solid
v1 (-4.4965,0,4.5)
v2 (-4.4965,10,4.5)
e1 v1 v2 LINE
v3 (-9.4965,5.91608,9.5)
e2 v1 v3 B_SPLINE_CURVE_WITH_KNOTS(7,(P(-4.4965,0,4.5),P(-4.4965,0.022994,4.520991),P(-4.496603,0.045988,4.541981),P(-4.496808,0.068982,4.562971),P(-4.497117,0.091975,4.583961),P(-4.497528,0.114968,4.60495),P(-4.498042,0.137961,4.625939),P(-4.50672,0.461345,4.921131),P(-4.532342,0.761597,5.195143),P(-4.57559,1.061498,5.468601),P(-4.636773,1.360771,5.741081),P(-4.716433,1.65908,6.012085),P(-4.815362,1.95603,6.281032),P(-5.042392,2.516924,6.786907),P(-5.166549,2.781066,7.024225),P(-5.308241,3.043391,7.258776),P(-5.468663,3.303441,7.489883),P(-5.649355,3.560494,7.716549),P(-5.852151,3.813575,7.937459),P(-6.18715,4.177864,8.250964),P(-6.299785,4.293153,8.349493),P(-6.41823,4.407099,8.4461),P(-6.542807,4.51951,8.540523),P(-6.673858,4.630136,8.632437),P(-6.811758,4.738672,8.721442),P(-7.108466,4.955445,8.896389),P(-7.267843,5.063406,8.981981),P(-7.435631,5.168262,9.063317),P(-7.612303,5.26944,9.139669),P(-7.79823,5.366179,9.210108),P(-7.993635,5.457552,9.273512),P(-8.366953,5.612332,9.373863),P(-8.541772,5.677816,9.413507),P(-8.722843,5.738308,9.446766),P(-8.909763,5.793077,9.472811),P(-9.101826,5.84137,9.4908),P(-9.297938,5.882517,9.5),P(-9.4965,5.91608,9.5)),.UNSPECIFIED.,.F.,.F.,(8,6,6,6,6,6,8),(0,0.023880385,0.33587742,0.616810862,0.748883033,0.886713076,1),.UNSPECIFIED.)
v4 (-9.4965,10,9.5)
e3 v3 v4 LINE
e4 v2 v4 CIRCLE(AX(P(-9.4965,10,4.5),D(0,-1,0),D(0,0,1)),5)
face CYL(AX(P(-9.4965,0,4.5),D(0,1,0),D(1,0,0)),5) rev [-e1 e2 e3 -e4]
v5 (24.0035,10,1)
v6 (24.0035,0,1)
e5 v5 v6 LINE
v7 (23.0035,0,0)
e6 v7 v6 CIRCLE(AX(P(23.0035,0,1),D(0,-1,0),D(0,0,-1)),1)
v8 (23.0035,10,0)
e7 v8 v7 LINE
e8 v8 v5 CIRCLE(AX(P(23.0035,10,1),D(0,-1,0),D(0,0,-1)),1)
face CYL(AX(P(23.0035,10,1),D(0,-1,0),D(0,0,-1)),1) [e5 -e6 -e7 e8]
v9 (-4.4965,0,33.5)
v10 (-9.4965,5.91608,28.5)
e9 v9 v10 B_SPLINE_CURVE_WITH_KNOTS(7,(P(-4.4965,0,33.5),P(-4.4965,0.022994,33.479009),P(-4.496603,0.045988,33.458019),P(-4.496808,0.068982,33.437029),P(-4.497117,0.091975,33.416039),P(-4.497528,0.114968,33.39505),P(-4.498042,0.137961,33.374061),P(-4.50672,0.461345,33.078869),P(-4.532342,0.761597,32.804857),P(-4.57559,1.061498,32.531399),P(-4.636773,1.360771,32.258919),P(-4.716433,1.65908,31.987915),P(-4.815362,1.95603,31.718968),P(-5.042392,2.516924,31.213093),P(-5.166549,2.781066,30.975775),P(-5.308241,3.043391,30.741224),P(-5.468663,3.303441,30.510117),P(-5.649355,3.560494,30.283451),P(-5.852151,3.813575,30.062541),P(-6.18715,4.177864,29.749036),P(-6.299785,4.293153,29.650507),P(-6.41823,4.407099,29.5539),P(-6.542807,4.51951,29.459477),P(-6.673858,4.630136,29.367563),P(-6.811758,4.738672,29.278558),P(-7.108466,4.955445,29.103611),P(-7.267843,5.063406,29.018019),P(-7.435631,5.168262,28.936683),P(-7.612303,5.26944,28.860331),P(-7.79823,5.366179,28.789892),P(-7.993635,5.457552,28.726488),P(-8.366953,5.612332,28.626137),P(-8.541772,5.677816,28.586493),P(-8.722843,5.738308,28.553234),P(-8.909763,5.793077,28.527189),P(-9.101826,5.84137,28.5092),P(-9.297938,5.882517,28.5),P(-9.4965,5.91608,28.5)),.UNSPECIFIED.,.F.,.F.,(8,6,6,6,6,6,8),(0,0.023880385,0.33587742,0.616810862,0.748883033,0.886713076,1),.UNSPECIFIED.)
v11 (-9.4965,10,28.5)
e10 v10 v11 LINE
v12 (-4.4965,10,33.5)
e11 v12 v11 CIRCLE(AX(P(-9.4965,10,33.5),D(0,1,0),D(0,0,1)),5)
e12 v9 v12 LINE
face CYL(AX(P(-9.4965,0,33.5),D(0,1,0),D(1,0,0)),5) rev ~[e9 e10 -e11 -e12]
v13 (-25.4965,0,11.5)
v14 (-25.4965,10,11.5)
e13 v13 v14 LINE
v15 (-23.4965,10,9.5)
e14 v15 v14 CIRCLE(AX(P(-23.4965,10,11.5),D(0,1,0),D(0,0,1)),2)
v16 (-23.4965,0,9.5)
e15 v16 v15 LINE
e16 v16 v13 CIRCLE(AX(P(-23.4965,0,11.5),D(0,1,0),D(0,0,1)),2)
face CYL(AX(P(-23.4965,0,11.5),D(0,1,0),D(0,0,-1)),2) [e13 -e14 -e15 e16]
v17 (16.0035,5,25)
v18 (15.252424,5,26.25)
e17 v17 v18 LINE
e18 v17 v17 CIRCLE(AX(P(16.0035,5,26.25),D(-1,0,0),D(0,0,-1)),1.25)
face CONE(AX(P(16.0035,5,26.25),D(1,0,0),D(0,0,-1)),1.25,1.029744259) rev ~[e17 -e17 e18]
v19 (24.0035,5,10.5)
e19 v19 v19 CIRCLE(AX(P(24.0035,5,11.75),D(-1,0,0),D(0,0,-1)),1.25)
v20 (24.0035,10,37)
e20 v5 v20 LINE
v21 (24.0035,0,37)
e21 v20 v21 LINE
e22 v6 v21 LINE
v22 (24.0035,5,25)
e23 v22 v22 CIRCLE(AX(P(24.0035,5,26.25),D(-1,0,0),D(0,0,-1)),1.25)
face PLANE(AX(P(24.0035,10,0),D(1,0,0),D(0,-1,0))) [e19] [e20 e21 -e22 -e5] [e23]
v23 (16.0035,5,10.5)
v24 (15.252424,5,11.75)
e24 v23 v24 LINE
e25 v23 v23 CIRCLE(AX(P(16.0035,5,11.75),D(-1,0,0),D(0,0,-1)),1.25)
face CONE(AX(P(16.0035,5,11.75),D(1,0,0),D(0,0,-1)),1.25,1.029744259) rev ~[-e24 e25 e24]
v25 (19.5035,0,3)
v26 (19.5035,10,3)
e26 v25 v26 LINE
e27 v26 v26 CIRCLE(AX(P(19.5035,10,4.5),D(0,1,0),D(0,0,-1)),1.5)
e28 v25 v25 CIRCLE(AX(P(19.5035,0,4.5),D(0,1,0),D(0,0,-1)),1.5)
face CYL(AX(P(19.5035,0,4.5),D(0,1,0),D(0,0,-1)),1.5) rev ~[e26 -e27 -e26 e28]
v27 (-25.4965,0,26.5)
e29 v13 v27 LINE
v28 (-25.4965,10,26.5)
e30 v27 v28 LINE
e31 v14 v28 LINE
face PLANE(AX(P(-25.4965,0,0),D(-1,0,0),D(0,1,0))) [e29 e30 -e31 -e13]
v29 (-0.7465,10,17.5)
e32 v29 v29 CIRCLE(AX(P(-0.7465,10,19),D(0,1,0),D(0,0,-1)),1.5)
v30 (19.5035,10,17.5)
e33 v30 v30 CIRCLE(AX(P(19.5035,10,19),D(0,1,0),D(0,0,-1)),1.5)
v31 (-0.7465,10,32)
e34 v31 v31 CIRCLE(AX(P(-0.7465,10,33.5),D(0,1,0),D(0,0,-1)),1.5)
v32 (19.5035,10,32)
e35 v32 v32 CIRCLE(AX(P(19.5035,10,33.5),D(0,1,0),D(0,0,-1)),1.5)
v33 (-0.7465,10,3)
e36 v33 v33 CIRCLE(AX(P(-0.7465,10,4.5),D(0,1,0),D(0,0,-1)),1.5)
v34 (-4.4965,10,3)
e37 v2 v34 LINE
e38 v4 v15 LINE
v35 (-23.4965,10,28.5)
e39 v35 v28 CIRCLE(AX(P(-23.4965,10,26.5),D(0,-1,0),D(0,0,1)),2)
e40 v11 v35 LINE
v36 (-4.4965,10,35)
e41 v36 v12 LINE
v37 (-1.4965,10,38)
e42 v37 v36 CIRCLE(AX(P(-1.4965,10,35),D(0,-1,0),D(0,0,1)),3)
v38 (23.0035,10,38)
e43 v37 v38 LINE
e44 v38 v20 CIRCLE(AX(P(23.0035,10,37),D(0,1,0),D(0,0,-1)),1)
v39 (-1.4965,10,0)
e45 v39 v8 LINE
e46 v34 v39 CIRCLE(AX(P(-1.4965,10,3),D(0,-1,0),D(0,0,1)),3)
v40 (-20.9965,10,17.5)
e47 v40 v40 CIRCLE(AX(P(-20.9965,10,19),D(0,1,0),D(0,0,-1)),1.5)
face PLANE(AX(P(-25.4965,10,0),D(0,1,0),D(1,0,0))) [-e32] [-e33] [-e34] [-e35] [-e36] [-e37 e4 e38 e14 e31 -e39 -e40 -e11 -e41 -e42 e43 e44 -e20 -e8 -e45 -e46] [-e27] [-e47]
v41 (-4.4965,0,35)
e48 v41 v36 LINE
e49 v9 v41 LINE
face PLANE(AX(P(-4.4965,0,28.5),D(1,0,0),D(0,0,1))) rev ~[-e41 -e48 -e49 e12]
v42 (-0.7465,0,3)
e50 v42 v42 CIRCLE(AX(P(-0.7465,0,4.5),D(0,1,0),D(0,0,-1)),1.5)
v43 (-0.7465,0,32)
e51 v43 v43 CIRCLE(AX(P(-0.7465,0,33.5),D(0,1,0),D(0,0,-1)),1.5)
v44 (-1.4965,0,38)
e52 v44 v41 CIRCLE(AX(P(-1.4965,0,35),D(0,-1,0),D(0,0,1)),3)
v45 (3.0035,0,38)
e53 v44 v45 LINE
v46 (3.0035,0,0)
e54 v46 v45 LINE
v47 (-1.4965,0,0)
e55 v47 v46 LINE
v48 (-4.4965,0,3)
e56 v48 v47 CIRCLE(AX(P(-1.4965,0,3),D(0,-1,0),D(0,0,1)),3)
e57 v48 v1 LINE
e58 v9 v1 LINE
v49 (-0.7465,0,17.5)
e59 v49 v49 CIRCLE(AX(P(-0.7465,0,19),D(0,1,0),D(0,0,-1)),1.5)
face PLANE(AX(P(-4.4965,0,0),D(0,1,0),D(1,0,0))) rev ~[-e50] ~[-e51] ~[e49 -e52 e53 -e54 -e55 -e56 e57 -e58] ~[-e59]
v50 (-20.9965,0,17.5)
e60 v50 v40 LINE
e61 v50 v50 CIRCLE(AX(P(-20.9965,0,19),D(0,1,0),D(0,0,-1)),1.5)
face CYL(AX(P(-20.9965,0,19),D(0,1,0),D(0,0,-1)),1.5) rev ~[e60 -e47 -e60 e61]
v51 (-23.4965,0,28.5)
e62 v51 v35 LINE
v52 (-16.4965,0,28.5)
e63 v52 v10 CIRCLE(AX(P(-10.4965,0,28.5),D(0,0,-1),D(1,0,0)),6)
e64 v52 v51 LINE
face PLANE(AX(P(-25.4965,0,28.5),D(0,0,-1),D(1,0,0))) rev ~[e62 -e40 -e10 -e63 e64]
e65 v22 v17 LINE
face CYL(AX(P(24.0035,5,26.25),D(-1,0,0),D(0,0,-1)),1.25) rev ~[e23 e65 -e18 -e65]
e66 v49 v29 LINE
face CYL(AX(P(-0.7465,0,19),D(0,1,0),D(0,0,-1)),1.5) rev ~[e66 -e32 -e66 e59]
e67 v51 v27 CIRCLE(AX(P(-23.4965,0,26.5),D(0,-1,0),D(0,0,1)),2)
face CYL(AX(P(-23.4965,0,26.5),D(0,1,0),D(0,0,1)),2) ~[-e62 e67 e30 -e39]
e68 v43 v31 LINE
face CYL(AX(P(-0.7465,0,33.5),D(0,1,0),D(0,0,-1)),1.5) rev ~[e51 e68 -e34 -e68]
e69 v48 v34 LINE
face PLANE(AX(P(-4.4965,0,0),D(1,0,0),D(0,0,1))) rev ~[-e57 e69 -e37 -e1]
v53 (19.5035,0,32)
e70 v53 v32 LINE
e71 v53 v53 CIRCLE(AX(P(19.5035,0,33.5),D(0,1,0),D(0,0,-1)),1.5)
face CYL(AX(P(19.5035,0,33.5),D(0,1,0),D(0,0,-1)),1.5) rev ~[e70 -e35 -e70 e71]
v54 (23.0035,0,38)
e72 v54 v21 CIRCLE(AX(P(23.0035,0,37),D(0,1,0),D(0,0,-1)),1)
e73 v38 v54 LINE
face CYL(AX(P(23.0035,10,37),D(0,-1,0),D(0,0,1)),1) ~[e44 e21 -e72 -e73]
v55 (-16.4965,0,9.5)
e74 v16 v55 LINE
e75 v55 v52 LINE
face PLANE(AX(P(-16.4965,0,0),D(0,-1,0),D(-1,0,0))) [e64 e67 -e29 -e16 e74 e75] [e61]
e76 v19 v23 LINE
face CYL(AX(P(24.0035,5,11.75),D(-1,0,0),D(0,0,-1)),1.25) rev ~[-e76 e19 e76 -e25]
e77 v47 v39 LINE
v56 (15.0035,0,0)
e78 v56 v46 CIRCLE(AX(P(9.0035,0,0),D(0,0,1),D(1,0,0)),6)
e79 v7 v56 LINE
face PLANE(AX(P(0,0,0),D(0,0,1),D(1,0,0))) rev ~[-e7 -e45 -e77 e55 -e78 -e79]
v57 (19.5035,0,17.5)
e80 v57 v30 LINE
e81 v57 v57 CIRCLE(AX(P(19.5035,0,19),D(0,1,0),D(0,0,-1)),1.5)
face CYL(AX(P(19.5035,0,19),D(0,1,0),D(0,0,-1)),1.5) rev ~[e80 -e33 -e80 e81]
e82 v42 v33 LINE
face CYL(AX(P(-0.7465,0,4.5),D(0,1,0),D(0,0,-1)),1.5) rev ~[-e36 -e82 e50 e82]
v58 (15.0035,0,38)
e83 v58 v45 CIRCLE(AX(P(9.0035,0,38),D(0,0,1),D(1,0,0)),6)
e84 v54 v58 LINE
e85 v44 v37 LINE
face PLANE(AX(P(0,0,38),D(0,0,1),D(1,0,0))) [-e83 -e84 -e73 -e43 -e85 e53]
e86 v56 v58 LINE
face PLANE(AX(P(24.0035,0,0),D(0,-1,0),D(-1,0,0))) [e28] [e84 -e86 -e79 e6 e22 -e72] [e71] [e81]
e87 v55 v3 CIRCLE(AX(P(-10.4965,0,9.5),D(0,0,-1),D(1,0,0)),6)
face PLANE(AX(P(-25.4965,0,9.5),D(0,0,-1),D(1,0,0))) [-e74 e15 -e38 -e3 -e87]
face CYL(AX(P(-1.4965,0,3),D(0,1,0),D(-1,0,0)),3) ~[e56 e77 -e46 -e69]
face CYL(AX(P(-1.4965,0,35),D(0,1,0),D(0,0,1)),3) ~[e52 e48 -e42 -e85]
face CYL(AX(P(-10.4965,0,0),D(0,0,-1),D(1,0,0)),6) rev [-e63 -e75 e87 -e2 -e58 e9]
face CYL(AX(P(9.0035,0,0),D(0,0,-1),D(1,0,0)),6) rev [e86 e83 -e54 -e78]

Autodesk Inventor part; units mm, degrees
ref_plane "YZ Plane" through (0, 0, 0) normal (1, 0, 0) x (0, 1, 0)
ref_plane "XZ Plane" through (0, 0, 0) normal (0, 1, 0) x (-1, 0, 0)
ref_plane "XY Plane" through (0, 0, 0) normal (0, 0, 1) x (1, 0, 0)
sketch "Sketch1" plane through (0, 0, 0) normal (0, 0, 1) x (1, 0, 0)
  circle A0 centre (9.0035, 0) radius 6
  circle A1 centre (-10.4965, 0) radius 6
  line L0 (-16.4965, 0) -> (-25.4965, 0)
  line L1 (-25.4965, 0) -> (-25.4965, 10)
  line L2 (-25.4965, 10) -> (24.0035, 10)
  line L3 (24.0035, 10) -> (24.0035, 0)
  line L4 (24.0035, 0) -> (15.0035, 0)
  line L5 (-4.4965, 0) -> (3.0035, 0)
  point P0 (0, 0)
  dimension "d4" = 12
  dimension "d5" = 12
  dimension "d6" = 19.5
  dimension "d7" = 0
  dimension "d8" = 0
  dimension "d9" = 9
  dimension "d10" = 9
  dimension "d11" = 10
  dimension "d12" = 0
extrude "Extrusion1" add sketch "Sketch1" along normal blind 38 contours A0 L5 A1 L0 L1 L2 L3 L4
sketch "Sketch2" plane through (-4.4965, 0, 0) normal (0, -1, 0) x (1, 0, 0)
  line L0 (-21, 0) -> (-12, 0) projected
  line L1 (-12, 0) -> (-12, 38) projected
  line L2 (-21, 38) -> (-12, 38) projected
  line L3 (-21, 0) -> (-21, 38) projected
  line L4 (0, 0) -> (7.5, 0) projected
  line L5 (7.5, 0) -> (7.5, 38) projected
  line L6 (0, 38) -> (7.5, 38) projected
  line L7 (0, 0) -> (0, 38) projected
  line L8 (19.5, 0) -> (28.5, 0) projected
  line L9 (28.5, 0) -> (28.5, 38) projected
  line L10 (19.5, 38) -> (28.5, 38) projected
  line L11 (19.5, 0) -> (19.5, 38) projected
  line L12 (-21, 0) -> (-12, 0) projected
  line L13 (-21, 0) -> (0, 0)
  line L14 (-21, 9.5) -> (0, 9.5)
  line L15 (-21, 28.5) -> (0, 28.5)
  line L16 (0, 0) -> (0, 38) projected
  line L17 (-12, 38) -> (0, 38) projected
  line L18 (-21, 38) -> (0, 38)
  point P0 (4.4965, 0)
  dimension "d17" = 19
  dimension "d18" = 9.5
extrude "Extrusion2" cut sketch "Sketch2" against normal through all contours L3 L14 L1 L0 | L1 L14 L7 L13 | L3 L2 L1 L15 | L1 L17 L7 L15
fillet "Fillet1" radius 5 2 edges at (-4.4965, 5, 28.5) (-4.4965, 5, 9.5)
fillet "Fillet2" radius 3 2 edges at (-4.4965, 5, 0) (-4.4965, 5, 38)
fillet "Fillet2" radius 1 2 edges at (24.0035, 5, 38) (24.0035, 5, 0)
fillet "Fillet2" radius 2 2 edges at (-25.4965, 5, 9.5) (-25.4965, 5, 28.5)
sketch "Sketch3" plane through (3.0035, 0, 0) normal (0, -1, 0) x (1, 0, 0)
  arc A0 (-28.5, 11.5) -> (-26.5, 9.5) centre (-26.5, 11.5) ccw projected
  line L0 (-26.5, 9.5) -> (-19.5, 9.5) projected
  line L1 (-19.5, 9.5) -> (-19.5, 28.5) projected
  line L2 (-19.5, 28.5) -> (-26.5, 28.5) projected
  arc A1 (-26.5, 28.5) -> (-28.5, 26.5) centre (-26.5, 26.5) ccw projected
  line L3 (-28.5, 11.5) -> (-28.5, 26.5) projected
  arc A2 (-4.5, 38) -> (-7.5, 35) centre (-4.5, 35) ccw projected
  line L4 (-7.5, 33.5) -> (-7.5, 35) projected
  line L5 (-7.5, 4.5) -> (-7.5, 33.5) projected
  line L6 (-7.5, 3) -> (-7.5, 4.5) projected
  arc A3 (-7.5, 3) -> (-4.5, 0) centre (-4.5, 3) ccw projected
  line L7 (-4.5, 0) -> (0, 0) projected
  line L8 (0, 0) -> (0, 38) projected
  line L9 (-4.5, 38) -> (0, 38) projected
  arc A4 (21, 37) -> (20, 38) centre (20, 37) ccw projected
  line L10 (12, 38) -> (20, 38) projected
  line L11 (12, 0) -> (12, 38) projected
  line L12 (12, 0) -> (20, 0) projected
  arc A5 (20, 0) -> (21, 1) centre (20, 1) ccw projected
  line L13 (21, 1) -> (21, 37) projected
  point P0 (-3.0035, 0)
  point P1 (-3.75, 4.5)
  point P2 (-3.75, 19)
  point P3 (-3.75, 33.5)
  point P4 (16.5, 4.5)
  point P5 (16.5, 19)
  point P6 (16.5, 33.5)
  point P7 (-24, 19)
  dimension "d23" = 7.5
  dimension "d24" = 3.75
  dimension "d25" = 9
  dimension "d26" = 4.5
  dimension "d27" = 9
  dimension "d28" = 4.5
  dimension "d29" = 19
  dimension "d30" = 9.5
  dimension "d31" = 4.5
  dimension "d32" = 4.5
hole "Hole1" at (-0.7465, 0, 4.5) at (-0.7465, 0, 19) at (-0.7465, 0, 33.5) at (19.5035, 0, 4.5) at (19.5035, 0, 19) at (19.5035, 0, 33.5) at (-20.9965, 0, 19) direction (0, 1, 0) diameter 3 end through all
sketch "Sketch4" plane through (24.0035, 0, 1) normal (1, 0, 0) x (0, 0, -1)
  line L0 (-16.5, 10) -> (-16.5, 0) projected
  line L1 (-19.5, 10) -> (-19.5, 0) projected
  line L2 (-31, 10) -> (-31, 0) projected
  line L3 (-5, 10) -> (-5, 0) projected
  line L4 (0, 10) -> (0, 0) projected
  line L5 (0, 10) -> (-36, 10) projected
  line L6 (-36, 0) -> (-36, 10) projected
  line L7 (0, 0) -> (-36, 0) projected
  point P0 (1, 0)
  point P1 (-25.25, 5)
  point P2 (-10.75, 5)
  dimension "d41" = 11.5
  dimension "d42" = 11.5
  dimension "d43" = 5.75
  dimension "d44" = 5.75
  dimension "d45" = 10
  dimension "d46" = 5
hole "Hole2" at (24.0035, 5, 26.25) at (24.0035, 5, 11.75) direction (-1, 0, 0) diameter 2.5 depth 8 tip angle 118
equation "\"d24\" = 0.5 * d23"
equation "\"d26\" = 0.5 * d25"
equation "\"d28\" = 0.5 * d27"
equation "\"d30\" = 0.5 * d29"
equation "\"d32\" = d31"
equation "\"d43\" = 0.5 * d41"
equation "\"d44\" = 0.5 * d42"
equation "\"d46\" = 0.5 * d45"
properties part number "3DP_PLA_X_axis_carriage_half" material "ABS Plastic"
